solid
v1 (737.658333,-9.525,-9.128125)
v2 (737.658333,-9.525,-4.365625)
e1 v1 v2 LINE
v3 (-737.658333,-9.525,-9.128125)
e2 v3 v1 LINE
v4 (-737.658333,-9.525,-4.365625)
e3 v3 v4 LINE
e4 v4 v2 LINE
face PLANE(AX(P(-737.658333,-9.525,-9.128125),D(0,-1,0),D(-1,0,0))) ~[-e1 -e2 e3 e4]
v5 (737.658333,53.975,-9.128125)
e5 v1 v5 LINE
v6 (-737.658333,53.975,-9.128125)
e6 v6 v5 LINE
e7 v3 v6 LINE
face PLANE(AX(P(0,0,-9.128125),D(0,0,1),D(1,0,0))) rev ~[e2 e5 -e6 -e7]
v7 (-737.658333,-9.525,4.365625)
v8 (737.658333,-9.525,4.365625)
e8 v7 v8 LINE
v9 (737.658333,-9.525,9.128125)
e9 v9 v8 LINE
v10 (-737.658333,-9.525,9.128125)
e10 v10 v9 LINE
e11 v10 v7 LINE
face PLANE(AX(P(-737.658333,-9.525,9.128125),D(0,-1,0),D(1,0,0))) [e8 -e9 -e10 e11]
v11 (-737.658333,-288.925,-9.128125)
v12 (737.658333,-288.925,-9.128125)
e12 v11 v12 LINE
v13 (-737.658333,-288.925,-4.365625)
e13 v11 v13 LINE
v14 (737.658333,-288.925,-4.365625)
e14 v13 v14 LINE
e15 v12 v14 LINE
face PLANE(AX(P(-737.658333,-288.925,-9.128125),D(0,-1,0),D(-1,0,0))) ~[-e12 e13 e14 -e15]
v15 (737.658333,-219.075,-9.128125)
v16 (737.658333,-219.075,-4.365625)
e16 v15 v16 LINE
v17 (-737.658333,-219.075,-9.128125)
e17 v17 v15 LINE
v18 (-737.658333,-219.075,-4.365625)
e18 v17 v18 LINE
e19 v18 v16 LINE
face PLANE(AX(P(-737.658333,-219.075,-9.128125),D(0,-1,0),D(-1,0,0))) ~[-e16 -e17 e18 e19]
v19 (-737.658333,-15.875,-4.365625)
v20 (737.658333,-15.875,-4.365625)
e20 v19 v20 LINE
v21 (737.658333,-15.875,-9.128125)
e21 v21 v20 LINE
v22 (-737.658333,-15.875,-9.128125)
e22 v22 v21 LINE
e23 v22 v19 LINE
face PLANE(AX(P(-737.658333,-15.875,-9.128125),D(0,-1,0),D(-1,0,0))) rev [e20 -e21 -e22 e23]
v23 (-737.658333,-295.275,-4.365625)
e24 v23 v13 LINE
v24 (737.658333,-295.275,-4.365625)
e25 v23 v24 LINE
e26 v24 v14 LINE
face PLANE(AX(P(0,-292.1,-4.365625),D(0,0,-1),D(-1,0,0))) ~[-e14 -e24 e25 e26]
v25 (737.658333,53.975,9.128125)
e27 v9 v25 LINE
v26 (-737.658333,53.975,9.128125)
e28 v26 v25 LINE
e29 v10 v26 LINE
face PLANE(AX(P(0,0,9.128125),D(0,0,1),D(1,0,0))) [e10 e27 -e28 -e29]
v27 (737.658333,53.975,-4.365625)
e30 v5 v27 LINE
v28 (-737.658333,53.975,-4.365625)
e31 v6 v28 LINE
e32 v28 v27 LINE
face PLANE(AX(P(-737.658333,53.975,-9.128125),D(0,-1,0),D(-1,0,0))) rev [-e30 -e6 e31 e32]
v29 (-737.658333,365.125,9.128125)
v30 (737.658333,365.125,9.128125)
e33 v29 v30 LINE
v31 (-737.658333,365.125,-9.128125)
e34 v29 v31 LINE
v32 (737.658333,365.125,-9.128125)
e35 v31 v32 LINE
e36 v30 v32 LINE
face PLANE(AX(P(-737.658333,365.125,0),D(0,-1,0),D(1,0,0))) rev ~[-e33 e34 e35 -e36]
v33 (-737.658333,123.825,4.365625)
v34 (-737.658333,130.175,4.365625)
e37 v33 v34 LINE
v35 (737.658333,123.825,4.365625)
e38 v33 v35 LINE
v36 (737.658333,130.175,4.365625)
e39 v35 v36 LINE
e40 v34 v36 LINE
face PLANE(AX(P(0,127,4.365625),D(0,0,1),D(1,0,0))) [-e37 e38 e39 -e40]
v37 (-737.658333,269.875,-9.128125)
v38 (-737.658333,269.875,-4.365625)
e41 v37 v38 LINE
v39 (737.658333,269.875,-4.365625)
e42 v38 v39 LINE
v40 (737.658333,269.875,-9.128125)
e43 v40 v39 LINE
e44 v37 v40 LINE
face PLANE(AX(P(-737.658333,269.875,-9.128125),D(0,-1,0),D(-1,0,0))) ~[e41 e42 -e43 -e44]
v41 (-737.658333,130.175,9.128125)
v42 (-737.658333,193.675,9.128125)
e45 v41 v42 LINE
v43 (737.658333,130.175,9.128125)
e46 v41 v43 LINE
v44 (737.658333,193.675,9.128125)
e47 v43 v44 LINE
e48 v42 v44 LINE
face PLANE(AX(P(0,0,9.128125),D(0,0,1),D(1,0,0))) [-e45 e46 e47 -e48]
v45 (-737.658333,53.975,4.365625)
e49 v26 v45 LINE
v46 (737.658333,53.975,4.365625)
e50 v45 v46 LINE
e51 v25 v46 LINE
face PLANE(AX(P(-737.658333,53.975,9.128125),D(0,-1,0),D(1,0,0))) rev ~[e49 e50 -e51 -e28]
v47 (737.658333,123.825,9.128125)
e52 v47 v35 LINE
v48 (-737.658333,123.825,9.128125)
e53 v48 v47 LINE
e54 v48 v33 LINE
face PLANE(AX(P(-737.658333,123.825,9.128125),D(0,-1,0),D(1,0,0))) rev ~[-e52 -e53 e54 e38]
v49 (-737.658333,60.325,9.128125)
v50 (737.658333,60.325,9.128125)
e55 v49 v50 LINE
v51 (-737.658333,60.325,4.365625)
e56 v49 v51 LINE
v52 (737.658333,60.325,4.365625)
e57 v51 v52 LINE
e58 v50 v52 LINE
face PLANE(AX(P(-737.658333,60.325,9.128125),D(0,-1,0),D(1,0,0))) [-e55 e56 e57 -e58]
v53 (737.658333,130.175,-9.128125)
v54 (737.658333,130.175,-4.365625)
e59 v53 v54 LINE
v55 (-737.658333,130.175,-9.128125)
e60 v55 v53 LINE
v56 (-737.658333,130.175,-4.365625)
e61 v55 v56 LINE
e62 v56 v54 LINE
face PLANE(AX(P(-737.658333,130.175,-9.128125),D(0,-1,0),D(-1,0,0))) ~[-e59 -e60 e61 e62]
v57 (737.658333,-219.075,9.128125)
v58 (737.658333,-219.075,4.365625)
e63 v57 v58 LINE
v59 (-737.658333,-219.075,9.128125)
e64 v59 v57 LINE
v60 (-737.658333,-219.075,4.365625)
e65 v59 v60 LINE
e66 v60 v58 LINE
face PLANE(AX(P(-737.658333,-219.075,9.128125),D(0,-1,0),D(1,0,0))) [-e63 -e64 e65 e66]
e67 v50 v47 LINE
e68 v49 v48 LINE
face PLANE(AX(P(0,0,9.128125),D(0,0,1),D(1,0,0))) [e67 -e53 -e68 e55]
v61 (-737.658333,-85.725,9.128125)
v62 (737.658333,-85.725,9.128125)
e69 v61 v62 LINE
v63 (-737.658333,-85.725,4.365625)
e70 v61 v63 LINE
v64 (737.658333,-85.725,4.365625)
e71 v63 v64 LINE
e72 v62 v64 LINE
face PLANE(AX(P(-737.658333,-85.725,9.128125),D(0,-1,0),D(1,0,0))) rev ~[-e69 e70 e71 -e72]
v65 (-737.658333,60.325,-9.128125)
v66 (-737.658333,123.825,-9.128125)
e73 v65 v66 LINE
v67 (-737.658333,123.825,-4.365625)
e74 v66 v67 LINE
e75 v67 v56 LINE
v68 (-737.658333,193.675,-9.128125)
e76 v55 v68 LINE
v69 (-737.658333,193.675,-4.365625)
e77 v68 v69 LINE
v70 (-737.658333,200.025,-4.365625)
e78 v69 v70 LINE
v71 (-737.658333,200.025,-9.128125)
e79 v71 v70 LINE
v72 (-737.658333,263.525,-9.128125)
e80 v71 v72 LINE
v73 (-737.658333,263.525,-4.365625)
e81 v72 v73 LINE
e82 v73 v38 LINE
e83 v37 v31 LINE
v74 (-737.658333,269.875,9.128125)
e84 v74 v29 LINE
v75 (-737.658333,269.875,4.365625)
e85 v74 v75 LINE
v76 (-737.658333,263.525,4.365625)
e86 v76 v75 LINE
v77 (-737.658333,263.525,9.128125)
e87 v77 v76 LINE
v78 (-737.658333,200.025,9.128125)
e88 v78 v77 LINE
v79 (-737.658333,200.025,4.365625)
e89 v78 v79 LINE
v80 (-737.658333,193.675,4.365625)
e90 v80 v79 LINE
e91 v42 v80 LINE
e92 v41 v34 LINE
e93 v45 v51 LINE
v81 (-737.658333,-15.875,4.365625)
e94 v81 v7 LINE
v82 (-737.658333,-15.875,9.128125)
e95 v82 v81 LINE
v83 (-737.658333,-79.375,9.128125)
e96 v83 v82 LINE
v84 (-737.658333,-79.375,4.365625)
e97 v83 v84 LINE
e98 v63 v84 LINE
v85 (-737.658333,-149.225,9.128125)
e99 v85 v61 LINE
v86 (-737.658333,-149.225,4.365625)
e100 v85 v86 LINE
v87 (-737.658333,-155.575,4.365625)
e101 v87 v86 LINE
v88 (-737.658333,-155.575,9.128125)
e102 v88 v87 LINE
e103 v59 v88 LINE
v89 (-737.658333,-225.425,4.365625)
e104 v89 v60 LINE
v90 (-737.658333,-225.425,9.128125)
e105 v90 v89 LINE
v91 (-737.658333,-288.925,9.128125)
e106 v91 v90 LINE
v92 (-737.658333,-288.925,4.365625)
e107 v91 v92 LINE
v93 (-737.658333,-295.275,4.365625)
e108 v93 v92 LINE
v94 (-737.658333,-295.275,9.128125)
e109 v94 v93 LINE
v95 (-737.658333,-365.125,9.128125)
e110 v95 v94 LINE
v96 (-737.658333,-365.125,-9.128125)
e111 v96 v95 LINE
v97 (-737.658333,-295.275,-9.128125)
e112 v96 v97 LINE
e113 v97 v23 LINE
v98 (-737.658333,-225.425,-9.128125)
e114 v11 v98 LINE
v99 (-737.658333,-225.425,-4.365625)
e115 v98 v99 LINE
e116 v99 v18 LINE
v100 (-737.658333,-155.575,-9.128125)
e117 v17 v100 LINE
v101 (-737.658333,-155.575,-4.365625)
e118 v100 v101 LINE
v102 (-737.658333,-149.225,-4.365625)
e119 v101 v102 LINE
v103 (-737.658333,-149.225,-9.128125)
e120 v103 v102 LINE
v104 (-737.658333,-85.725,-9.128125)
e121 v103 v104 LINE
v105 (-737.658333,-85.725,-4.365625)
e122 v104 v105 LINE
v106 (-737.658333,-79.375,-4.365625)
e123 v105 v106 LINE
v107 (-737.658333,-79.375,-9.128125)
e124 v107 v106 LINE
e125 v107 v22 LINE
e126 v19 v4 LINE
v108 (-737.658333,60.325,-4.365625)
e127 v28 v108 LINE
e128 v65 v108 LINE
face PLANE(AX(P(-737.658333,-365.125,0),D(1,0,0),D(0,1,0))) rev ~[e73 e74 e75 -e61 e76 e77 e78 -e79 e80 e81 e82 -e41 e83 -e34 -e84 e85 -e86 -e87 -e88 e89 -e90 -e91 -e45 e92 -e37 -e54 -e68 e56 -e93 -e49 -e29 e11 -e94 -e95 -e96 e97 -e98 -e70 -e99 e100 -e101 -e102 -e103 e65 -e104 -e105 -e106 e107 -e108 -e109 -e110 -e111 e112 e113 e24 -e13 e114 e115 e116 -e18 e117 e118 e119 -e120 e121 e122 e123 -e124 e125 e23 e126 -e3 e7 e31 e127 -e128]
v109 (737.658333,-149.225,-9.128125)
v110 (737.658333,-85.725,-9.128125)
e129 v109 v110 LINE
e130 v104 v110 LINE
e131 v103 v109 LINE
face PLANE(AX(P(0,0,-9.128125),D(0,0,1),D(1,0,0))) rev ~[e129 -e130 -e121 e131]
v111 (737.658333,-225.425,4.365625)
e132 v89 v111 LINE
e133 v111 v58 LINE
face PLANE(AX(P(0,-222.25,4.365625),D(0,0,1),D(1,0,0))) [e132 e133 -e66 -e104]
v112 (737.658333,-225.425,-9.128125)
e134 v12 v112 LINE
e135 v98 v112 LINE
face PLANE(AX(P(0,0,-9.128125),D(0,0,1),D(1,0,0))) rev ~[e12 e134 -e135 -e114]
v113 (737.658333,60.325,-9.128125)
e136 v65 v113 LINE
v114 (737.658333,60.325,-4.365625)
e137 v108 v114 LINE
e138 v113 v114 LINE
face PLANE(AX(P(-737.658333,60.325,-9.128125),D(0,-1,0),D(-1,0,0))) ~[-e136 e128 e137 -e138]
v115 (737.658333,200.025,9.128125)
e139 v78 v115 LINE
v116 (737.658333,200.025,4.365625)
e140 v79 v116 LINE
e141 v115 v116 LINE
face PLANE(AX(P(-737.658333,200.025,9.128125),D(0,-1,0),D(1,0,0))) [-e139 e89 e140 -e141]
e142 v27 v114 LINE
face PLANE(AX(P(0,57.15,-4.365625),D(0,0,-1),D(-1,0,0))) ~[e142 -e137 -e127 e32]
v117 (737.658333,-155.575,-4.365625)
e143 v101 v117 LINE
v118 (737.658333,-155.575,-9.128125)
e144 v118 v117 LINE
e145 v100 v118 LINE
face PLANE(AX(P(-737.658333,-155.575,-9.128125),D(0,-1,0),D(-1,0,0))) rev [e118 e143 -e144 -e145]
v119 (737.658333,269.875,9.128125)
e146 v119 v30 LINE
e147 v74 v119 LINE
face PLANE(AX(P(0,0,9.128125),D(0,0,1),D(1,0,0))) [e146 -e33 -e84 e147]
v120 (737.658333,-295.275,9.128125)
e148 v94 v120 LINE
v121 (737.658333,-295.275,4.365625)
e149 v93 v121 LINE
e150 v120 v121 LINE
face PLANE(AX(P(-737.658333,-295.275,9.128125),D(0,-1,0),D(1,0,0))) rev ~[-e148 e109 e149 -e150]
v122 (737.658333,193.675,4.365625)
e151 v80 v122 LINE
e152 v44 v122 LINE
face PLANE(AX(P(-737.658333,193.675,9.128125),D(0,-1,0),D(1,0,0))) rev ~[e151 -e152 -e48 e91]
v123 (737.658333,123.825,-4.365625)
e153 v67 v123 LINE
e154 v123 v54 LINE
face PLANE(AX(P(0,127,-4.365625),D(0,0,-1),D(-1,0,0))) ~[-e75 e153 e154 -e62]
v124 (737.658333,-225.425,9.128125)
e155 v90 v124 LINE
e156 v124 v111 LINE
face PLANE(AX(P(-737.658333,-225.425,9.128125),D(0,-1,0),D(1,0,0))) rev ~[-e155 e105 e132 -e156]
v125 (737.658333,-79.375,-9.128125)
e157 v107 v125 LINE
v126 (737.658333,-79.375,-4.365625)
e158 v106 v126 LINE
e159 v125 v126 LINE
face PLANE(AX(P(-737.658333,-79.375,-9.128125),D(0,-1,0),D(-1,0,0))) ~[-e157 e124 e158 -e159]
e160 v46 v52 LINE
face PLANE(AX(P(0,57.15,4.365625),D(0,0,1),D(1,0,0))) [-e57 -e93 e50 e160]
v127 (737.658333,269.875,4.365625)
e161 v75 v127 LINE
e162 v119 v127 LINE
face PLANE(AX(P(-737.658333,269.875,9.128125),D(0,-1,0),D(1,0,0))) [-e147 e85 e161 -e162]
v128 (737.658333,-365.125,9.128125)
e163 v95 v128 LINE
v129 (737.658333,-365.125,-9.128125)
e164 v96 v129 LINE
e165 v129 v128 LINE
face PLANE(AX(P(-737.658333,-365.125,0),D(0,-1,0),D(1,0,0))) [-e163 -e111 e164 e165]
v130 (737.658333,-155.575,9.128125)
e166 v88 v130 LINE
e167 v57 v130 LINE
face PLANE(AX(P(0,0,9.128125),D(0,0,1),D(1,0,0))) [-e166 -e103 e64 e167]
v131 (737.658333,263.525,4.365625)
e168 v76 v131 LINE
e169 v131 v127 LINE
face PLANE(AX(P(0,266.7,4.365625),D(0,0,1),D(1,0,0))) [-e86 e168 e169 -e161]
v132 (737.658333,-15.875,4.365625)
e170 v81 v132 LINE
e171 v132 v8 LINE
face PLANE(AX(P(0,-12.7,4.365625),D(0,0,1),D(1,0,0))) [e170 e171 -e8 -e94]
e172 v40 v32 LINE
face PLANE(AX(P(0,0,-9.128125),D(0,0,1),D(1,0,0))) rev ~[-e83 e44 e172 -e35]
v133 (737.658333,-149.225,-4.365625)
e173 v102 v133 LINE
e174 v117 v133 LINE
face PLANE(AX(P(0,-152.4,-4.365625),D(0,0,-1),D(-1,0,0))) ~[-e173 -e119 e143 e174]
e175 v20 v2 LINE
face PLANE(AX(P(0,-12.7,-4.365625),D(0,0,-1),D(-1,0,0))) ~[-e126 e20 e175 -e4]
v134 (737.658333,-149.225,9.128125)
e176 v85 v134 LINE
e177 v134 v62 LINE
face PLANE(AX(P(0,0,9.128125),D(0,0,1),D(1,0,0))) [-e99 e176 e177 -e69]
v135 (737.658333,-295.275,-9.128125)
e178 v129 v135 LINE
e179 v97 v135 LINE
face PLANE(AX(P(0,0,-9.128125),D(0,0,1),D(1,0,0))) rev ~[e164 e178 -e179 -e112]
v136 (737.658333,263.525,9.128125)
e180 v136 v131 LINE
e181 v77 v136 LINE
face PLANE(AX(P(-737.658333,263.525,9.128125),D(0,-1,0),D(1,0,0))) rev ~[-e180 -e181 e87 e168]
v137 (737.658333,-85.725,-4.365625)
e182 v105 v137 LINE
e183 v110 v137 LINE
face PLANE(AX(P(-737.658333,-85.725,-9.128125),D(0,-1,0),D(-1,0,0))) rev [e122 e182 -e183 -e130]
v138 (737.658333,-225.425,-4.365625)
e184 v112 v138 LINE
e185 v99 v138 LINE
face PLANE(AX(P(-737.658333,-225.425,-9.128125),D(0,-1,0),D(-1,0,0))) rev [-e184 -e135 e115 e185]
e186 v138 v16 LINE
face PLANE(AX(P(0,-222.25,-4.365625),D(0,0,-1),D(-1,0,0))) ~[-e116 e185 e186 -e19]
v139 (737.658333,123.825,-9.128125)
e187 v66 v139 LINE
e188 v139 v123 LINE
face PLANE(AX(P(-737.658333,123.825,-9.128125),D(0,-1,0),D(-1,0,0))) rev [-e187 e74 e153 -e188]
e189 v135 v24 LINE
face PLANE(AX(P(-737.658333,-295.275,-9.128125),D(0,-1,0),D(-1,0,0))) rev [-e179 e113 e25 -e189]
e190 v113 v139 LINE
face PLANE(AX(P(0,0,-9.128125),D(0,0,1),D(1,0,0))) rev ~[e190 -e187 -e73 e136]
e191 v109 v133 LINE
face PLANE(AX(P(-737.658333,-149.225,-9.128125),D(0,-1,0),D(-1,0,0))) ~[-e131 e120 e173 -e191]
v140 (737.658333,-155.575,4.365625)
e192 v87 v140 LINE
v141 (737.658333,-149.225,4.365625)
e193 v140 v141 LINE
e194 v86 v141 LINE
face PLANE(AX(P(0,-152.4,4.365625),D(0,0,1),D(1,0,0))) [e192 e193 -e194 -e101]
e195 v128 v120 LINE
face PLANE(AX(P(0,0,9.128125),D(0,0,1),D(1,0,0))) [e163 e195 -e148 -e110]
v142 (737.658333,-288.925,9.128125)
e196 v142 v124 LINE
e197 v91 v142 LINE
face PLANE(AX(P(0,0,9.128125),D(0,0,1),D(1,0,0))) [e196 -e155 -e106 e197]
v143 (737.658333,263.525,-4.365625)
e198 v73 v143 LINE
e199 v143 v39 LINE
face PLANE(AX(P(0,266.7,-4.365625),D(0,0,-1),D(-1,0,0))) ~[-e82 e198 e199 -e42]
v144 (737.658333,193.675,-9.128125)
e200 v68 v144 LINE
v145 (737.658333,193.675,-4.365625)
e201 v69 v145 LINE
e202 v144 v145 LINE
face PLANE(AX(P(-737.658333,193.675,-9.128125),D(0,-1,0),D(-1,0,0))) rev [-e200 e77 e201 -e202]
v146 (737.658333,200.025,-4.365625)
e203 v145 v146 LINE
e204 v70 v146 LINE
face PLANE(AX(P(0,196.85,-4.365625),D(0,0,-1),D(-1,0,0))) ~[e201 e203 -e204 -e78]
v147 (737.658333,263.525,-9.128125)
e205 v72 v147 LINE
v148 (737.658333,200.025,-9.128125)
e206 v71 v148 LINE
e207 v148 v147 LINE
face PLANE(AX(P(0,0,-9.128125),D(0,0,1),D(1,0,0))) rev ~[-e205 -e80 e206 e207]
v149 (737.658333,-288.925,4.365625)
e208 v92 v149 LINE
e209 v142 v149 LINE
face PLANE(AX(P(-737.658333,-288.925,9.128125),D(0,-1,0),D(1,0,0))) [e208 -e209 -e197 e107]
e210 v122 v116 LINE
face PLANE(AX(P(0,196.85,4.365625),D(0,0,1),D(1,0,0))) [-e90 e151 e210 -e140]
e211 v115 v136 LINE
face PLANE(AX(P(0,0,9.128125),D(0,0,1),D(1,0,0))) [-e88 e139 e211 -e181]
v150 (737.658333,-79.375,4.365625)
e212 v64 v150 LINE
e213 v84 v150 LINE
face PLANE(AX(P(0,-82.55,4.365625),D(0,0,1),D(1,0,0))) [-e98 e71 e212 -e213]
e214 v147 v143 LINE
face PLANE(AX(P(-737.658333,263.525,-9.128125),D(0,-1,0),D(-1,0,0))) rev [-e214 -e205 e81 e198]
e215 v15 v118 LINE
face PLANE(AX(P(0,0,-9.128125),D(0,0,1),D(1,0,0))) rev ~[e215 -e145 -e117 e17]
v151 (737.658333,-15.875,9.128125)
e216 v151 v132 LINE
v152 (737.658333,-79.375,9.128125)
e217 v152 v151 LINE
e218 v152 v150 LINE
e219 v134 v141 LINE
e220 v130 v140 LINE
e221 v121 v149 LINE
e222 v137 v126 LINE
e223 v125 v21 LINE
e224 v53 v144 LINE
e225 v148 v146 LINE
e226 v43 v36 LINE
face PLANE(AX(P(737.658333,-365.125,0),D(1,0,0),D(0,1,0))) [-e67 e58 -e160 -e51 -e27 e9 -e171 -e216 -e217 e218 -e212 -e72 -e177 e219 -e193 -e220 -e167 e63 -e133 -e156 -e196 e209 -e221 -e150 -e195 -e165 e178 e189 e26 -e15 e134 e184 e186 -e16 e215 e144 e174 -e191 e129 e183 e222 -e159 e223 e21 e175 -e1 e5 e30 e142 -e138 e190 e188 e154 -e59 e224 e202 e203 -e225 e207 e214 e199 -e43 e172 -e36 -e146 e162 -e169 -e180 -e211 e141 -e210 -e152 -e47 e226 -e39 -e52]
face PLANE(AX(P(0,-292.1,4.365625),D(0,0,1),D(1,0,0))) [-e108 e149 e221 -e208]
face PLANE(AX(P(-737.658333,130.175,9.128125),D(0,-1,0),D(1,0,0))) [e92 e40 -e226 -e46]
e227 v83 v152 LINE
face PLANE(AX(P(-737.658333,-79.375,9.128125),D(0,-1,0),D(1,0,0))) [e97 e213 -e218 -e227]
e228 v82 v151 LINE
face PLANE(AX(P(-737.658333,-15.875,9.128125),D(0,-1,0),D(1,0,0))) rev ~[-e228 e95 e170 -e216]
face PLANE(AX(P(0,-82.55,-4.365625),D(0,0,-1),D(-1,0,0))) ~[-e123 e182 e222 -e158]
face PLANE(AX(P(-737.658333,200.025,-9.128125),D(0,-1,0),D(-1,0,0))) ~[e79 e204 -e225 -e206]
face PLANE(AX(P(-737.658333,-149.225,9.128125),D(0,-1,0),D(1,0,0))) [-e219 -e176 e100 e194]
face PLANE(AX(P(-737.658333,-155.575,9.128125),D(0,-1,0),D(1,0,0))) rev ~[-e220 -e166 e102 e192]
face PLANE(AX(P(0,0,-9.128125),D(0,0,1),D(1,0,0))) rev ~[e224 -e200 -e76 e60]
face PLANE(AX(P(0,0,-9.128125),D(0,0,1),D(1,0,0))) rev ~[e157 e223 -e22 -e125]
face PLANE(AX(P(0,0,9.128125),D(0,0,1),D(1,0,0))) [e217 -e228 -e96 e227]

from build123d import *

# Parameters (mm, degrees)
SKETCH1_W                = 1475.316666666
SKETCH1_H                = 730.25
BOSS_EXTRUDE1_DEPTH      = 9.128125
BOSS_EXTRUDE1_DEPTH_BACK = 9.128125
SKETCH2_W                = 1475.316666666
SKETCH2_H                = 6.35
CUT_EXTRUDE1_DEPTH       = 4.7625


with BuildPart() as part:
    # Sketch1 → Boss-Extrude1 (new body, two sides)
    with BuildSketch(Plane.XY) as boss_extrude1_sk:
        Rectangle(SKETCH1_W, SKETCH1_H)
    extrude(amount=BOSS_EXTRUDE1_DEPTH)
    extrude(boss_extrude1_sk.sketch, amount=-BOSS_EXTRUDE1_DEPTH_BACK)

    # Sketch2 → Cut-Extrude1 (cut)
    with BuildSketch(Plane.XY.offset(9.128125)):
        with Locations((0, -292.1)):
            Rectangle(SKETCH2_W, SKETCH2_H)
        with Locations((0, -222.25)):
            Rectangle(SKETCH2_W, SKETCH2_H)
        with Locations((0, -152.4)):
            Rectangle(SKETCH2_W, SKETCH2_H)
        with Locations((0, -82.55)):
            Rectangle(SKETCH2_W, SKETCH2_H)
        with Locations((0, -12.7)):
            Rectangle(SKETCH2_W, SKETCH2_H)
        with Locations((0, 57.15)):
            Rectangle(SKETCH2_W, SKETCH2_H)
        with Locations((0, 127)):
            Rectangle(SKETCH2_W, SKETCH2_H)
        with Locations((0, 196.85)):
            Rectangle(SKETCH2_W, SKETCH2_H)
        with Locations((0, 266.7)):
            Rectangle(SKETCH2_W, SKETCH2_H)
    cut_extrude1 = extrude(amount=-CUT_EXTRUDE1_DEPTH, mode=Mode.SUBTRACT)

    # Mirror1: Cut-Extrude1 across plane
    add(cut_extrude1.mirror(Plane.XY), mode=Mode.SUBTRACT)


solid = part.part
